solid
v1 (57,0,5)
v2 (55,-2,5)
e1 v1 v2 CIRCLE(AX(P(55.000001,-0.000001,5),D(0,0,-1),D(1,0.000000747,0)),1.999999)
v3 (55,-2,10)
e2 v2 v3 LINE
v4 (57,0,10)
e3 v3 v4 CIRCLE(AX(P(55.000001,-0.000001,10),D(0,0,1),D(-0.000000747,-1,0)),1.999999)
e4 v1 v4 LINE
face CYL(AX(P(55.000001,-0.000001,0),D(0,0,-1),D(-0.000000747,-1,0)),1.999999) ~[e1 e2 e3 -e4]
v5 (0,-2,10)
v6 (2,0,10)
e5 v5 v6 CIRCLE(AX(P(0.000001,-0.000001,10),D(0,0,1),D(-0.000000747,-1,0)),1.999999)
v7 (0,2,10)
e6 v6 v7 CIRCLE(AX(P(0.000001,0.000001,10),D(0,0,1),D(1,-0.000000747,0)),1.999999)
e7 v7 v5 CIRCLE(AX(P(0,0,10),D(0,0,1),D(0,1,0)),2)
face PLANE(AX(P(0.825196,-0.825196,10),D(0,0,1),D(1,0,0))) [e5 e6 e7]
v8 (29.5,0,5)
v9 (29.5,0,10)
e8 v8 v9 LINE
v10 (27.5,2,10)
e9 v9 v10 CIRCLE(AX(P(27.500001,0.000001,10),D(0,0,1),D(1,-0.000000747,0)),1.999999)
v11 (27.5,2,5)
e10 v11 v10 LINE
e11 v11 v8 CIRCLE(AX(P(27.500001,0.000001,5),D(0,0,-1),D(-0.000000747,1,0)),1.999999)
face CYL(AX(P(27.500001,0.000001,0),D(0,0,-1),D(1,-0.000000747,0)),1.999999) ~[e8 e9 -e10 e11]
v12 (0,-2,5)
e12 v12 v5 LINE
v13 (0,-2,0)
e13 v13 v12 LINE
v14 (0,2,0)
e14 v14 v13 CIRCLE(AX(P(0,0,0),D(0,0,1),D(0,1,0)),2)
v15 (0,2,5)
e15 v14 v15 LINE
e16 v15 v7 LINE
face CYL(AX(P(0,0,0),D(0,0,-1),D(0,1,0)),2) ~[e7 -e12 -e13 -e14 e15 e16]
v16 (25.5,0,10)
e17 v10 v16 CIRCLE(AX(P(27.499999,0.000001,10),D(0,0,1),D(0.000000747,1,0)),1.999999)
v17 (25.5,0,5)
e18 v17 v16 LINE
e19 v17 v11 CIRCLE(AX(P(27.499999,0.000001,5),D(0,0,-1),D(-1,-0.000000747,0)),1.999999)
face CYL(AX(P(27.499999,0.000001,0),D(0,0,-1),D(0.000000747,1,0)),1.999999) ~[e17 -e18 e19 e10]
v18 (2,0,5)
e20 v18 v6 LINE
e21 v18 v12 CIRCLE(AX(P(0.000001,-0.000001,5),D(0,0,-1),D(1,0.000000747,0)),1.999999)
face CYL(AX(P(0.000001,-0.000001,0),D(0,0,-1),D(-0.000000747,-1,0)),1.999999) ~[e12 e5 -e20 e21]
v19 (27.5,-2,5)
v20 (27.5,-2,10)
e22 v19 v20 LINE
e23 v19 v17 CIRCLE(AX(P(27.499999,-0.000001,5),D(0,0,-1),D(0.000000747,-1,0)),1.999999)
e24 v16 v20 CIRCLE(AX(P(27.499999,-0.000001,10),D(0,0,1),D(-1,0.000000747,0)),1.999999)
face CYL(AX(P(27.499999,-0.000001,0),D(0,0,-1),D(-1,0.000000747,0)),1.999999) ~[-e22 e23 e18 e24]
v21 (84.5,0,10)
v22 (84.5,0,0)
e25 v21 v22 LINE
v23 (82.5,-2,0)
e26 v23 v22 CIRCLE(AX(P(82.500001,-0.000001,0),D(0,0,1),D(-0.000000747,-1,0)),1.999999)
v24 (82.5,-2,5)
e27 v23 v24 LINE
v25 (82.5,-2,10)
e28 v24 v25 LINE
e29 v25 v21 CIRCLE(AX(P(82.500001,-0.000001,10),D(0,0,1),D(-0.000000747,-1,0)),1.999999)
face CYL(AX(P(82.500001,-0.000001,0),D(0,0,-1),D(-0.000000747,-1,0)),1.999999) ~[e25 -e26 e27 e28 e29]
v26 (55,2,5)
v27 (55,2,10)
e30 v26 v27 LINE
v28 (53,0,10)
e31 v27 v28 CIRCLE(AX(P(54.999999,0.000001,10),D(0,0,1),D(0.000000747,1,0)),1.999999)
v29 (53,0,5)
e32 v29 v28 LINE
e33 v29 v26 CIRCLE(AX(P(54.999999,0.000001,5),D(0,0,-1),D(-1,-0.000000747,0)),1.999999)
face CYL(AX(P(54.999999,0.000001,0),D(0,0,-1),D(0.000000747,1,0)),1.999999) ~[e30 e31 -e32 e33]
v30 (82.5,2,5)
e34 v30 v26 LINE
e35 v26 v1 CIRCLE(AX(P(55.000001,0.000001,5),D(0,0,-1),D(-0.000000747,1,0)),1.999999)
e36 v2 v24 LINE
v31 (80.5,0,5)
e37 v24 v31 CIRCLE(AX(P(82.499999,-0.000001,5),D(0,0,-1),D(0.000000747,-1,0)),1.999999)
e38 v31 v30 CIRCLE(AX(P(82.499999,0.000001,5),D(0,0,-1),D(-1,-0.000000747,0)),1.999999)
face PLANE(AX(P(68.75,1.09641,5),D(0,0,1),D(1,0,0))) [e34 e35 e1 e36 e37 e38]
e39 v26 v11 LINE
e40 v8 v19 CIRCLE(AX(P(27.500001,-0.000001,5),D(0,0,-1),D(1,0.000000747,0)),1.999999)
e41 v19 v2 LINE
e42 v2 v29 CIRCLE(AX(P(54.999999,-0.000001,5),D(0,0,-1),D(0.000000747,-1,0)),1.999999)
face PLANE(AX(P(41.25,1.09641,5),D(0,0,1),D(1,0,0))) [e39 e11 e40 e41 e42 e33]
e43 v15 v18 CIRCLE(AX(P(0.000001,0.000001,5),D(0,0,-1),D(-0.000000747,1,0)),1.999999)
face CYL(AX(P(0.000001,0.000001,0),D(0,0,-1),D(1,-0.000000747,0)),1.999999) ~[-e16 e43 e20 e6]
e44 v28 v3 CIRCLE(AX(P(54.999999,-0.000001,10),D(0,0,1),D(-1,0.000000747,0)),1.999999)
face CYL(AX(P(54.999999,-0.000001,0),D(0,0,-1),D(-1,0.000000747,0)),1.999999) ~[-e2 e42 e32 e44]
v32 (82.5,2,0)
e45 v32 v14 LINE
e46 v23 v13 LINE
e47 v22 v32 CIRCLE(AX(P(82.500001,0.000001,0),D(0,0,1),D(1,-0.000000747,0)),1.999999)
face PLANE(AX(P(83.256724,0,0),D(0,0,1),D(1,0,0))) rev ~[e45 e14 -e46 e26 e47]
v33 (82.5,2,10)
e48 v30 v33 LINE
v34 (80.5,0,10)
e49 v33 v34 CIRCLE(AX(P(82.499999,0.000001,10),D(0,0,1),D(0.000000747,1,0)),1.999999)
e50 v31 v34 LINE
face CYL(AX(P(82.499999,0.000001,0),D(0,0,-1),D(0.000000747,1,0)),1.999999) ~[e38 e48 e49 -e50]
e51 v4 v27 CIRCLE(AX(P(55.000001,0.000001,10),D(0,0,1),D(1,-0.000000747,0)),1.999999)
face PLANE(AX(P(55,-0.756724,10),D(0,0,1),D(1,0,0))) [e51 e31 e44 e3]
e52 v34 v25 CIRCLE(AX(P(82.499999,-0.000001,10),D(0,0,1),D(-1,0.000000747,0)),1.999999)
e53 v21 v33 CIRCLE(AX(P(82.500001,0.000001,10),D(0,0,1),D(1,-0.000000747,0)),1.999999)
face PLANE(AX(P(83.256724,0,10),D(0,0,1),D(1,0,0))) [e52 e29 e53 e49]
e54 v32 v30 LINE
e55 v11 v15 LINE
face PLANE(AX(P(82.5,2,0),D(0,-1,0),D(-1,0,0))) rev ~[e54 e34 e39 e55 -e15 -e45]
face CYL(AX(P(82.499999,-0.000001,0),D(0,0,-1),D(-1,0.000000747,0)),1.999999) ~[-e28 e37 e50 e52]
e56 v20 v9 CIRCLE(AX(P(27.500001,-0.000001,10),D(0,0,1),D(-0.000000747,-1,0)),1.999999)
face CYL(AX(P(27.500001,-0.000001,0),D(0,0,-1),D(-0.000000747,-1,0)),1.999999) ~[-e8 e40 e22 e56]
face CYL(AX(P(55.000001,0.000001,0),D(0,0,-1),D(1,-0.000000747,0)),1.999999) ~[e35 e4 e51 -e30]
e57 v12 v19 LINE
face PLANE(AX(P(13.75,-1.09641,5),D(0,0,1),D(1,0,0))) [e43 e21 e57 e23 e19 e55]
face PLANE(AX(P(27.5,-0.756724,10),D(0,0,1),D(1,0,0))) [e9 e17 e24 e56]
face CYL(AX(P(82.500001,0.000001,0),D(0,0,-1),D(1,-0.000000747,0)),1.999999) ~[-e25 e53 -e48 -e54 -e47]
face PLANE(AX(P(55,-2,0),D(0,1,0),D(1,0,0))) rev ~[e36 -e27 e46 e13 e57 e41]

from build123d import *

# Parameters (mm, degrees)
F1_DEPTH = 5
F2_DEPTH = 10


with BuildPart() as f1:
    # F0 (on Top) → F1 (new body)
    with BuildSketch(Plane.XY):
        with BuildLine():
            Line((25.5, 0), (2, 0))
            ThreePointArc((2, 0), (1.414214, -1.414214), (0, -2))
            Line((0, -2), (27.5, -2))
            ThreePointArc((27.5, -2), (26.085786, -1.414214), (25.5, 0))
        make_face()
        with BuildLine():
            ThreePointArc((0, 2), (1.414214, 1.414214), (2, 0))
            Line((2, 0), (25.5, 0))
            ThreePointArc((25.5, 0), (26.085786, 1.414214), (27.5, 2))
            Line((27.5, 2), (0, 2))
        make_face()
        with BuildLine():
            Line((0, 0), (0, 2))
            ThreePointArc((0, 2), (-2, 0), (0, -2))
            Line((0, -2), (0, 0))
        make_face()
        with BuildLine():
            Line((55, 2), (27.5, 2))
            ThreePointArc((27.5, 2), (28.914214, 1.414214), (29.5, 0))
            Line((29.5, 0), (53, 0))
            ThreePointArc((53, 0), (53.585786, 1.414214), (55, 2))
        make_face()
        with BuildLine():
            ThreePointArc((29.5, 0), (28.914214, -1.414214), (27.5, -2))
            Line((27.5, -2), (55, -2))
            ThreePointArc((55, -2), (53.585786, -1.414214), (53, 0))
            Line((53, 0), (29.5, 0))
        make_face()
        with BuildLine():
            Line((82.5, 2), (55, 2))
            ThreePointArc((55, 2), (56.414214, 1.414214), (57, 0))
            Line((57, 0), (80.5, 0))
            ThreePointArc((80.5, 0), (81.085786, 1.414214), (82.5, 2))
        make_face()
        with BuildLine():
            ThreePointArc((57, 0), (56.414214, -1.414214), (55, -2))
            Line((55, -2), (82.5, -2))
            ThreePointArc((82.5, -2), (81.085786, -1.414214), (80.5, 0))
            Line((80.5, 0), (57, 0))
        make_face()
        with BuildLine():
            ThreePointArc((84.5, 0), (83.914214, 1.414214), (82.5, 2))
            Line((82.5, 2), (82.5, 0))
            Line((82.5, 0), (82.5, -2))
            ThreePointArc((82.5, -2), (83.914214, -1.414214), (84.5, 0))
        make_face()
    extrude(amount=F1_DEPTH)

    # F0 (on Top) → F2 (join)
    with BuildSketch(Plane.XY):
        with BuildLine():
            ThreePointArc((84.5, 0), (83.914214, 1.414214), (82.5, 2))
            Line((82.5, 2), (82.5, 0))
            Line((82.5, 0), (82.5, -2))
            ThreePointArc((82.5, -2), (83.914214, -1.414214), (84.5, 0))
        make_face()
        with BuildLine():
            Line((82.5, 0), (82.5, 2))
            ThreePointArc((82.5, 2), (81.085786, 1.414214), (80.5, 0))
            Line((80.5, 0), (82.5, 0))
        make_face()
        with BuildLine():
            ThreePointArc((80.5, 0), (81.085786, -1.414214), (82.5, -2))
            Line((82.5, -2), (82.5, 0))
            Line((82.5, 0), (80.5, 0))
        make_face()
        with BuildLine():
            ThreePointArc((53, 0), (53.585786, -1.414214), (55, -2))
            ThreePointArc((55, -2), (56.414214, -1.414214), (57, 0))
            Line((57, 0), (55, 0))
            Line((55, 0), (53, 0))
        make_face()
        with BuildLine():
            ThreePointArc((57, 0), (56.414214, 1.414214), (55, 2))
            ThreePointArc((55, 2), (53.585786, 1.414214), (53, 0))
            Line((53, 0), (55, 0))
            Line((55, 0), (57, 0))
        make_face()
        with BuildLine():
            Line((27.5, 0), (25.5, 0))
            ThreePointArc((25.5, 0), (26.085786, -1.414214), (27.5, -2))
            ThreePointArc((27.5, -2), (28.914214, -1.414214), (29.5, 0))
            Line((29.5, 0), (27.5, 0))
        make_face()
        with BuildLine():
            ThreePointArc((27.5, 2), (26.085786, 1.414214), (25.5, 0))
            Line((25.5, 0), (27.5, 0))
            Line((27.5, 0), (29.5, 0))
            ThreePointArc((29.5, 0), (28.914214, 1.414214), (27.5, 2))
        make_face()
        with BuildLine():
            ThreePointArc((0, -2), (1.414214, -1.414214), (2, 0))
            Line((2, 0), (0, 0))
            Line((0, 0), (0, -2))
        make_face()
        with BuildLine():
            Line((0, 0), (0, 2))
            ThreePointArc((0, 2), (-2, 0), (0, -2))
            Line((0, -2), (0, 0))
        make_face()
        with BuildLine():
            Line((0, 0), (2, 0))
            ThreePointArc((2, 0), (1.414214, 1.414214), (0, 2))
            Line((0, 2), (0, 0))
        make_face()
    extrude(amount=F2_DEPTH)


solid = f1.part
